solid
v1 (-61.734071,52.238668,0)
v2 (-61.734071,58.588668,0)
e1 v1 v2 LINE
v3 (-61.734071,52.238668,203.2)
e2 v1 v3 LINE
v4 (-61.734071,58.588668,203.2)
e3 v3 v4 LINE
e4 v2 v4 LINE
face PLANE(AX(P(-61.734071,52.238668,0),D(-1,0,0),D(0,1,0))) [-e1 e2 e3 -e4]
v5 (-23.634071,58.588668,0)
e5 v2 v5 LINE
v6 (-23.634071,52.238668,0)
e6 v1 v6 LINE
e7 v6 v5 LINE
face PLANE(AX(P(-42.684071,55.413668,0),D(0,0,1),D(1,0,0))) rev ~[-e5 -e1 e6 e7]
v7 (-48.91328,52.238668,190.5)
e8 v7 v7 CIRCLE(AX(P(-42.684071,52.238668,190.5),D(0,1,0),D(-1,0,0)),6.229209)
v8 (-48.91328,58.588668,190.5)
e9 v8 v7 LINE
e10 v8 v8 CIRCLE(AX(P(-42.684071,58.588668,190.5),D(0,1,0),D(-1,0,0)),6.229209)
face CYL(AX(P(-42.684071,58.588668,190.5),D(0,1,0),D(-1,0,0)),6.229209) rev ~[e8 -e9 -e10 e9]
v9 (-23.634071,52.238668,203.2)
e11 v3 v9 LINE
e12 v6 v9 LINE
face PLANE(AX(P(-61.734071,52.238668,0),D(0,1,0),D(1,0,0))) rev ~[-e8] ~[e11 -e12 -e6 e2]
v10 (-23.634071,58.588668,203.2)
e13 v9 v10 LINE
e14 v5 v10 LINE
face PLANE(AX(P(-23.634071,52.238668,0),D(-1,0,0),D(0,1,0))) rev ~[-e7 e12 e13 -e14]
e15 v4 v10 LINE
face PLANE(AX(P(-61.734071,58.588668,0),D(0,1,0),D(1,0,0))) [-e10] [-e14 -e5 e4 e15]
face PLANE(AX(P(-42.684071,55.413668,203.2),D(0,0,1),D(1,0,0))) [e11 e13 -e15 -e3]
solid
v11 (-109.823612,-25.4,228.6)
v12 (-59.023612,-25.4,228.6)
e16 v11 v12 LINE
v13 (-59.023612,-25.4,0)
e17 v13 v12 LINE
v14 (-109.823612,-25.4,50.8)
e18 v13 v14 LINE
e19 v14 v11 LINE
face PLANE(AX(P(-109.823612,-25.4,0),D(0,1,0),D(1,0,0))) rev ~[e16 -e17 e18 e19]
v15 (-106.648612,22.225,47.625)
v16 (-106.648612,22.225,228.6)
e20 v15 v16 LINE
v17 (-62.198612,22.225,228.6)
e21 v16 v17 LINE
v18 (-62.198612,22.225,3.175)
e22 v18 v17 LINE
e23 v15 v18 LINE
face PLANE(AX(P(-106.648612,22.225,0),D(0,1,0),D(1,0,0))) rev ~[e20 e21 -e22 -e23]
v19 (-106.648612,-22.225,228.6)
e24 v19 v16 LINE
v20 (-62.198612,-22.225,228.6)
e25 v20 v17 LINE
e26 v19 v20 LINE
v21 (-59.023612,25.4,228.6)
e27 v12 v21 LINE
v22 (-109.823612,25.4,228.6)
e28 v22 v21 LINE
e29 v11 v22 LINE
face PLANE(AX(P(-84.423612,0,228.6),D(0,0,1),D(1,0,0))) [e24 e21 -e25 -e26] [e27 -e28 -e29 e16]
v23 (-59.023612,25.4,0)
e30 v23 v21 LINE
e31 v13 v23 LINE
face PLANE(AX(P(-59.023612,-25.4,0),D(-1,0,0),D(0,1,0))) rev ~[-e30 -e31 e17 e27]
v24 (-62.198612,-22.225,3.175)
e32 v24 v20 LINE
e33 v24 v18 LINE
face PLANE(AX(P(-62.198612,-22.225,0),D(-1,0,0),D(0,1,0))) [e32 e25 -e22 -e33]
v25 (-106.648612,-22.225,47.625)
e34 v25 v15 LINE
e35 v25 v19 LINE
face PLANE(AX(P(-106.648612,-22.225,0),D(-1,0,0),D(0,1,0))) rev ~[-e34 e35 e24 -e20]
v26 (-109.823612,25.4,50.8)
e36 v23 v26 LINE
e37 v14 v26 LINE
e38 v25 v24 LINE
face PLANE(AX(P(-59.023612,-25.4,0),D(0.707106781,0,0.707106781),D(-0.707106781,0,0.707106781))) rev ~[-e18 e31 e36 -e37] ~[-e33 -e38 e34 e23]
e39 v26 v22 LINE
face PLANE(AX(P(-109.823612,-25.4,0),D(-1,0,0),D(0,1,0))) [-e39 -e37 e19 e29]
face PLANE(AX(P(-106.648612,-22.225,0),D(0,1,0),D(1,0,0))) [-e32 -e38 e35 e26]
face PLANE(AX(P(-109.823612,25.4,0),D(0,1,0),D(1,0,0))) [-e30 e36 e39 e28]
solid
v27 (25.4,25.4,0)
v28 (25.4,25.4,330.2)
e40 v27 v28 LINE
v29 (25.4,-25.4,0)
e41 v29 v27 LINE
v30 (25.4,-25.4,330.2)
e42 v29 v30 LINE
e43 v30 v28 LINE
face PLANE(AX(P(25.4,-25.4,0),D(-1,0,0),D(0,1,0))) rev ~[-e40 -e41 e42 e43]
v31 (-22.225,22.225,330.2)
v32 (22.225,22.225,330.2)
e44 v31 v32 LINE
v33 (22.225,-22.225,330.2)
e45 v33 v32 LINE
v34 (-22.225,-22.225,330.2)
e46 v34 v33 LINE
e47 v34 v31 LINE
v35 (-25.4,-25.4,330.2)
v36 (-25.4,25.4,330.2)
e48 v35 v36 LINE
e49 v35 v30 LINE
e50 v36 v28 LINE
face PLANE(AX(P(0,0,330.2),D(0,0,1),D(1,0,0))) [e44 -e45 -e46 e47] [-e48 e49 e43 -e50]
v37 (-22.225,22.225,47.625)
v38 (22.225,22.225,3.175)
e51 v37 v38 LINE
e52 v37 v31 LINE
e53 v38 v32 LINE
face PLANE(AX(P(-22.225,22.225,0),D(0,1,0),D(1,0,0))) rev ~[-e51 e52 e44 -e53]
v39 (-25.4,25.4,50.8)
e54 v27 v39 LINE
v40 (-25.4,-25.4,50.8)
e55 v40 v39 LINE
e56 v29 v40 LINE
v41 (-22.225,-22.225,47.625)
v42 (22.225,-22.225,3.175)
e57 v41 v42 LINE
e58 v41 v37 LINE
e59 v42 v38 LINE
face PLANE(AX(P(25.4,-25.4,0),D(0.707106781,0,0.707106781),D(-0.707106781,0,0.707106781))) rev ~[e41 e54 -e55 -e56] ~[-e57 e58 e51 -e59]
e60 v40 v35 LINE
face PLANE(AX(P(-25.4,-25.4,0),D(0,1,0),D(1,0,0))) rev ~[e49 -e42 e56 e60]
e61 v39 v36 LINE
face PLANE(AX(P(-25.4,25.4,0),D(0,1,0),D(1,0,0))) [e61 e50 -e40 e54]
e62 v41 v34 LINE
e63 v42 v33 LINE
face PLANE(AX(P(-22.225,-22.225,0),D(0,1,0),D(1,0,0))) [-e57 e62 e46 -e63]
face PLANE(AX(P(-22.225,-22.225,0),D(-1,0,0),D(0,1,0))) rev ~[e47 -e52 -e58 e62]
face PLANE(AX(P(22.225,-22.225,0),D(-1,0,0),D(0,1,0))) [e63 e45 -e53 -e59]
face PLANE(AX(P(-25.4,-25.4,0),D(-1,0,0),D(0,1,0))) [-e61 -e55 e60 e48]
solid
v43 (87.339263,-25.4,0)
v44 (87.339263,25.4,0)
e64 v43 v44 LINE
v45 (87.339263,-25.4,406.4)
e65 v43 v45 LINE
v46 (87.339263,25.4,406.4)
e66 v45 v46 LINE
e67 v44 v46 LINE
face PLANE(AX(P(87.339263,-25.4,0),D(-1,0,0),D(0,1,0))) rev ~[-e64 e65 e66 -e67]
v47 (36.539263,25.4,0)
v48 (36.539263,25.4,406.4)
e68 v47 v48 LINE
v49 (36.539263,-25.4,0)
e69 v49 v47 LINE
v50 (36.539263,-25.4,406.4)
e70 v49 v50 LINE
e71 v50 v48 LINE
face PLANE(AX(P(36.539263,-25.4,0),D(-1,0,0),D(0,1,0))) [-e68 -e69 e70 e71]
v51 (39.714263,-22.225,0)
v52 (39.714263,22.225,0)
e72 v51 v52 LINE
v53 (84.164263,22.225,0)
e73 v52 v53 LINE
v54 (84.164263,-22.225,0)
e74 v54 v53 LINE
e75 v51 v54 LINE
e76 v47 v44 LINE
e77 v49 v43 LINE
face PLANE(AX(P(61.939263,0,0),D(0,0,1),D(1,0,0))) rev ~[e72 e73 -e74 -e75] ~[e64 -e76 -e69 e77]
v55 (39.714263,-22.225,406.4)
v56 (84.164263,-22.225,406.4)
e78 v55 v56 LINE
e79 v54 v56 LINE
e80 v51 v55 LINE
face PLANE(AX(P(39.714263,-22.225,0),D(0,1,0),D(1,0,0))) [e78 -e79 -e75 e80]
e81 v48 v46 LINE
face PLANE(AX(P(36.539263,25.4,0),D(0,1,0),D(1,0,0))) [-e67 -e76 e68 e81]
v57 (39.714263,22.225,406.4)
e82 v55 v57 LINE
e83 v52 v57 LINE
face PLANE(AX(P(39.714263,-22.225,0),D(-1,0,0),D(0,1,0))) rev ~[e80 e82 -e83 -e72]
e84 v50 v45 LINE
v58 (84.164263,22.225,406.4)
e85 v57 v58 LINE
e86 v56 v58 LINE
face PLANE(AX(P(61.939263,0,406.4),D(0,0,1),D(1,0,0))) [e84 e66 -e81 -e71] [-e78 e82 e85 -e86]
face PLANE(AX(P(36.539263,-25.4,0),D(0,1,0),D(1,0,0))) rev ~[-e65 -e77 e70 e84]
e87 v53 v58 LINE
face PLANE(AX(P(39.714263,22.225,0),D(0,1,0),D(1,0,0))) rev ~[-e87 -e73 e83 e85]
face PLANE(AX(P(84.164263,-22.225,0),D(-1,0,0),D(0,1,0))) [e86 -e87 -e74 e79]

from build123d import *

# Parameters (mm, degrees)
F0_W      = 50.8
F0_H      = 50.8
F0_W_2    = 44.45
F0_H_2    = 44.45
F1_DEPTH  = 228.6
F2_DEPTH  = 330.2
F3_DEPTH  = 406.4
F5_DEPTH  = 50.8
F7_DEPTH  = 50.8
F8_W      = 38.1
F8_H      = 6.35
F9_DEPTH  = 203.2
F10_R     = 6.229209
F11_DEPTH = 25.4


with BuildPart() as f1:
    # F0 (on Top) → F1 (new body)
    with BuildSketch(Plane.XY):
        with Locations((-84.423612, 0)):
            Rectangle(F0_W, F0_H)
        with Locations((-84.423612, 0)):
            Rectangle(F0_W_2, F0_H_2, mode=Mode.SUBTRACT)
    extrude(amount=F1_DEPTH)

    # F4 (on face) → F5 (cut)
    with BuildSketch(Plane.XZ.offset(25.4)):
        Polygon((-109.823612, 0), (-59.023612, 0), (-109.823612, 50.8), align=None)
    extrude(amount=-F5_DEPTH, mode=Mode.SUBTRACT)


with BuildPart() as f2:
    # F0 (on Top) → F2 (new body)
    with BuildSketch(Plane.XY):
        Rectangle(F0_W, F0_H)
        Rectangle(F0_W_2, F0_H_2, mode=Mode.SUBTRACT)
    extrude(amount=F2_DEPTH)

    # F6 (on face) → F7 (cut)
    with BuildSketch(Plane.XZ.offset(25.4)):
        Polygon((-25.4, 0), (25.4, 0), (-25.4, 50.8), align=None)
    extrude(amount=-F7_DEPTH, mode=Mode.SUBTRACT)


with BuildPart() as f3:
    # F0 (on Top) → F3 (new body)
    with BuildSketch(Plane.XY):
        with Locations((61.939263, 0)):
            Rectangle(F0_W, F0_H)
        with Locations((61.939263, 0)):
            Rectangle(F0_W_2, F0_H_2, mode=Mode.SUBTRACT)
    extrude(amount=F3_DEPTH)


with BuildPart() as f9:
    # F8 (on Top) → F9 (new body)
    with BuildSketch(Plane.XY):
        with Locations((-42.684071, 55.413668)):
            Rectangle(F8_W, F8_H)
    extrude(amount=F9_DEPTH)

    # F10 (on face) → F11 (cut)
    with BuildSketch(Plane(origin=(0, 58.588668, 0), x_dir=(-1, 0, 0), z_dir=(0, 1, 0))):
        with Locations((42.684071, 190.5)):
            Circle(F10_R)
    extrude(amount=-F11_DEPTH, mode=Mode.SUBTRACT)


solid = Compound([f1.part, f2.part, f3.part, f9.part])
